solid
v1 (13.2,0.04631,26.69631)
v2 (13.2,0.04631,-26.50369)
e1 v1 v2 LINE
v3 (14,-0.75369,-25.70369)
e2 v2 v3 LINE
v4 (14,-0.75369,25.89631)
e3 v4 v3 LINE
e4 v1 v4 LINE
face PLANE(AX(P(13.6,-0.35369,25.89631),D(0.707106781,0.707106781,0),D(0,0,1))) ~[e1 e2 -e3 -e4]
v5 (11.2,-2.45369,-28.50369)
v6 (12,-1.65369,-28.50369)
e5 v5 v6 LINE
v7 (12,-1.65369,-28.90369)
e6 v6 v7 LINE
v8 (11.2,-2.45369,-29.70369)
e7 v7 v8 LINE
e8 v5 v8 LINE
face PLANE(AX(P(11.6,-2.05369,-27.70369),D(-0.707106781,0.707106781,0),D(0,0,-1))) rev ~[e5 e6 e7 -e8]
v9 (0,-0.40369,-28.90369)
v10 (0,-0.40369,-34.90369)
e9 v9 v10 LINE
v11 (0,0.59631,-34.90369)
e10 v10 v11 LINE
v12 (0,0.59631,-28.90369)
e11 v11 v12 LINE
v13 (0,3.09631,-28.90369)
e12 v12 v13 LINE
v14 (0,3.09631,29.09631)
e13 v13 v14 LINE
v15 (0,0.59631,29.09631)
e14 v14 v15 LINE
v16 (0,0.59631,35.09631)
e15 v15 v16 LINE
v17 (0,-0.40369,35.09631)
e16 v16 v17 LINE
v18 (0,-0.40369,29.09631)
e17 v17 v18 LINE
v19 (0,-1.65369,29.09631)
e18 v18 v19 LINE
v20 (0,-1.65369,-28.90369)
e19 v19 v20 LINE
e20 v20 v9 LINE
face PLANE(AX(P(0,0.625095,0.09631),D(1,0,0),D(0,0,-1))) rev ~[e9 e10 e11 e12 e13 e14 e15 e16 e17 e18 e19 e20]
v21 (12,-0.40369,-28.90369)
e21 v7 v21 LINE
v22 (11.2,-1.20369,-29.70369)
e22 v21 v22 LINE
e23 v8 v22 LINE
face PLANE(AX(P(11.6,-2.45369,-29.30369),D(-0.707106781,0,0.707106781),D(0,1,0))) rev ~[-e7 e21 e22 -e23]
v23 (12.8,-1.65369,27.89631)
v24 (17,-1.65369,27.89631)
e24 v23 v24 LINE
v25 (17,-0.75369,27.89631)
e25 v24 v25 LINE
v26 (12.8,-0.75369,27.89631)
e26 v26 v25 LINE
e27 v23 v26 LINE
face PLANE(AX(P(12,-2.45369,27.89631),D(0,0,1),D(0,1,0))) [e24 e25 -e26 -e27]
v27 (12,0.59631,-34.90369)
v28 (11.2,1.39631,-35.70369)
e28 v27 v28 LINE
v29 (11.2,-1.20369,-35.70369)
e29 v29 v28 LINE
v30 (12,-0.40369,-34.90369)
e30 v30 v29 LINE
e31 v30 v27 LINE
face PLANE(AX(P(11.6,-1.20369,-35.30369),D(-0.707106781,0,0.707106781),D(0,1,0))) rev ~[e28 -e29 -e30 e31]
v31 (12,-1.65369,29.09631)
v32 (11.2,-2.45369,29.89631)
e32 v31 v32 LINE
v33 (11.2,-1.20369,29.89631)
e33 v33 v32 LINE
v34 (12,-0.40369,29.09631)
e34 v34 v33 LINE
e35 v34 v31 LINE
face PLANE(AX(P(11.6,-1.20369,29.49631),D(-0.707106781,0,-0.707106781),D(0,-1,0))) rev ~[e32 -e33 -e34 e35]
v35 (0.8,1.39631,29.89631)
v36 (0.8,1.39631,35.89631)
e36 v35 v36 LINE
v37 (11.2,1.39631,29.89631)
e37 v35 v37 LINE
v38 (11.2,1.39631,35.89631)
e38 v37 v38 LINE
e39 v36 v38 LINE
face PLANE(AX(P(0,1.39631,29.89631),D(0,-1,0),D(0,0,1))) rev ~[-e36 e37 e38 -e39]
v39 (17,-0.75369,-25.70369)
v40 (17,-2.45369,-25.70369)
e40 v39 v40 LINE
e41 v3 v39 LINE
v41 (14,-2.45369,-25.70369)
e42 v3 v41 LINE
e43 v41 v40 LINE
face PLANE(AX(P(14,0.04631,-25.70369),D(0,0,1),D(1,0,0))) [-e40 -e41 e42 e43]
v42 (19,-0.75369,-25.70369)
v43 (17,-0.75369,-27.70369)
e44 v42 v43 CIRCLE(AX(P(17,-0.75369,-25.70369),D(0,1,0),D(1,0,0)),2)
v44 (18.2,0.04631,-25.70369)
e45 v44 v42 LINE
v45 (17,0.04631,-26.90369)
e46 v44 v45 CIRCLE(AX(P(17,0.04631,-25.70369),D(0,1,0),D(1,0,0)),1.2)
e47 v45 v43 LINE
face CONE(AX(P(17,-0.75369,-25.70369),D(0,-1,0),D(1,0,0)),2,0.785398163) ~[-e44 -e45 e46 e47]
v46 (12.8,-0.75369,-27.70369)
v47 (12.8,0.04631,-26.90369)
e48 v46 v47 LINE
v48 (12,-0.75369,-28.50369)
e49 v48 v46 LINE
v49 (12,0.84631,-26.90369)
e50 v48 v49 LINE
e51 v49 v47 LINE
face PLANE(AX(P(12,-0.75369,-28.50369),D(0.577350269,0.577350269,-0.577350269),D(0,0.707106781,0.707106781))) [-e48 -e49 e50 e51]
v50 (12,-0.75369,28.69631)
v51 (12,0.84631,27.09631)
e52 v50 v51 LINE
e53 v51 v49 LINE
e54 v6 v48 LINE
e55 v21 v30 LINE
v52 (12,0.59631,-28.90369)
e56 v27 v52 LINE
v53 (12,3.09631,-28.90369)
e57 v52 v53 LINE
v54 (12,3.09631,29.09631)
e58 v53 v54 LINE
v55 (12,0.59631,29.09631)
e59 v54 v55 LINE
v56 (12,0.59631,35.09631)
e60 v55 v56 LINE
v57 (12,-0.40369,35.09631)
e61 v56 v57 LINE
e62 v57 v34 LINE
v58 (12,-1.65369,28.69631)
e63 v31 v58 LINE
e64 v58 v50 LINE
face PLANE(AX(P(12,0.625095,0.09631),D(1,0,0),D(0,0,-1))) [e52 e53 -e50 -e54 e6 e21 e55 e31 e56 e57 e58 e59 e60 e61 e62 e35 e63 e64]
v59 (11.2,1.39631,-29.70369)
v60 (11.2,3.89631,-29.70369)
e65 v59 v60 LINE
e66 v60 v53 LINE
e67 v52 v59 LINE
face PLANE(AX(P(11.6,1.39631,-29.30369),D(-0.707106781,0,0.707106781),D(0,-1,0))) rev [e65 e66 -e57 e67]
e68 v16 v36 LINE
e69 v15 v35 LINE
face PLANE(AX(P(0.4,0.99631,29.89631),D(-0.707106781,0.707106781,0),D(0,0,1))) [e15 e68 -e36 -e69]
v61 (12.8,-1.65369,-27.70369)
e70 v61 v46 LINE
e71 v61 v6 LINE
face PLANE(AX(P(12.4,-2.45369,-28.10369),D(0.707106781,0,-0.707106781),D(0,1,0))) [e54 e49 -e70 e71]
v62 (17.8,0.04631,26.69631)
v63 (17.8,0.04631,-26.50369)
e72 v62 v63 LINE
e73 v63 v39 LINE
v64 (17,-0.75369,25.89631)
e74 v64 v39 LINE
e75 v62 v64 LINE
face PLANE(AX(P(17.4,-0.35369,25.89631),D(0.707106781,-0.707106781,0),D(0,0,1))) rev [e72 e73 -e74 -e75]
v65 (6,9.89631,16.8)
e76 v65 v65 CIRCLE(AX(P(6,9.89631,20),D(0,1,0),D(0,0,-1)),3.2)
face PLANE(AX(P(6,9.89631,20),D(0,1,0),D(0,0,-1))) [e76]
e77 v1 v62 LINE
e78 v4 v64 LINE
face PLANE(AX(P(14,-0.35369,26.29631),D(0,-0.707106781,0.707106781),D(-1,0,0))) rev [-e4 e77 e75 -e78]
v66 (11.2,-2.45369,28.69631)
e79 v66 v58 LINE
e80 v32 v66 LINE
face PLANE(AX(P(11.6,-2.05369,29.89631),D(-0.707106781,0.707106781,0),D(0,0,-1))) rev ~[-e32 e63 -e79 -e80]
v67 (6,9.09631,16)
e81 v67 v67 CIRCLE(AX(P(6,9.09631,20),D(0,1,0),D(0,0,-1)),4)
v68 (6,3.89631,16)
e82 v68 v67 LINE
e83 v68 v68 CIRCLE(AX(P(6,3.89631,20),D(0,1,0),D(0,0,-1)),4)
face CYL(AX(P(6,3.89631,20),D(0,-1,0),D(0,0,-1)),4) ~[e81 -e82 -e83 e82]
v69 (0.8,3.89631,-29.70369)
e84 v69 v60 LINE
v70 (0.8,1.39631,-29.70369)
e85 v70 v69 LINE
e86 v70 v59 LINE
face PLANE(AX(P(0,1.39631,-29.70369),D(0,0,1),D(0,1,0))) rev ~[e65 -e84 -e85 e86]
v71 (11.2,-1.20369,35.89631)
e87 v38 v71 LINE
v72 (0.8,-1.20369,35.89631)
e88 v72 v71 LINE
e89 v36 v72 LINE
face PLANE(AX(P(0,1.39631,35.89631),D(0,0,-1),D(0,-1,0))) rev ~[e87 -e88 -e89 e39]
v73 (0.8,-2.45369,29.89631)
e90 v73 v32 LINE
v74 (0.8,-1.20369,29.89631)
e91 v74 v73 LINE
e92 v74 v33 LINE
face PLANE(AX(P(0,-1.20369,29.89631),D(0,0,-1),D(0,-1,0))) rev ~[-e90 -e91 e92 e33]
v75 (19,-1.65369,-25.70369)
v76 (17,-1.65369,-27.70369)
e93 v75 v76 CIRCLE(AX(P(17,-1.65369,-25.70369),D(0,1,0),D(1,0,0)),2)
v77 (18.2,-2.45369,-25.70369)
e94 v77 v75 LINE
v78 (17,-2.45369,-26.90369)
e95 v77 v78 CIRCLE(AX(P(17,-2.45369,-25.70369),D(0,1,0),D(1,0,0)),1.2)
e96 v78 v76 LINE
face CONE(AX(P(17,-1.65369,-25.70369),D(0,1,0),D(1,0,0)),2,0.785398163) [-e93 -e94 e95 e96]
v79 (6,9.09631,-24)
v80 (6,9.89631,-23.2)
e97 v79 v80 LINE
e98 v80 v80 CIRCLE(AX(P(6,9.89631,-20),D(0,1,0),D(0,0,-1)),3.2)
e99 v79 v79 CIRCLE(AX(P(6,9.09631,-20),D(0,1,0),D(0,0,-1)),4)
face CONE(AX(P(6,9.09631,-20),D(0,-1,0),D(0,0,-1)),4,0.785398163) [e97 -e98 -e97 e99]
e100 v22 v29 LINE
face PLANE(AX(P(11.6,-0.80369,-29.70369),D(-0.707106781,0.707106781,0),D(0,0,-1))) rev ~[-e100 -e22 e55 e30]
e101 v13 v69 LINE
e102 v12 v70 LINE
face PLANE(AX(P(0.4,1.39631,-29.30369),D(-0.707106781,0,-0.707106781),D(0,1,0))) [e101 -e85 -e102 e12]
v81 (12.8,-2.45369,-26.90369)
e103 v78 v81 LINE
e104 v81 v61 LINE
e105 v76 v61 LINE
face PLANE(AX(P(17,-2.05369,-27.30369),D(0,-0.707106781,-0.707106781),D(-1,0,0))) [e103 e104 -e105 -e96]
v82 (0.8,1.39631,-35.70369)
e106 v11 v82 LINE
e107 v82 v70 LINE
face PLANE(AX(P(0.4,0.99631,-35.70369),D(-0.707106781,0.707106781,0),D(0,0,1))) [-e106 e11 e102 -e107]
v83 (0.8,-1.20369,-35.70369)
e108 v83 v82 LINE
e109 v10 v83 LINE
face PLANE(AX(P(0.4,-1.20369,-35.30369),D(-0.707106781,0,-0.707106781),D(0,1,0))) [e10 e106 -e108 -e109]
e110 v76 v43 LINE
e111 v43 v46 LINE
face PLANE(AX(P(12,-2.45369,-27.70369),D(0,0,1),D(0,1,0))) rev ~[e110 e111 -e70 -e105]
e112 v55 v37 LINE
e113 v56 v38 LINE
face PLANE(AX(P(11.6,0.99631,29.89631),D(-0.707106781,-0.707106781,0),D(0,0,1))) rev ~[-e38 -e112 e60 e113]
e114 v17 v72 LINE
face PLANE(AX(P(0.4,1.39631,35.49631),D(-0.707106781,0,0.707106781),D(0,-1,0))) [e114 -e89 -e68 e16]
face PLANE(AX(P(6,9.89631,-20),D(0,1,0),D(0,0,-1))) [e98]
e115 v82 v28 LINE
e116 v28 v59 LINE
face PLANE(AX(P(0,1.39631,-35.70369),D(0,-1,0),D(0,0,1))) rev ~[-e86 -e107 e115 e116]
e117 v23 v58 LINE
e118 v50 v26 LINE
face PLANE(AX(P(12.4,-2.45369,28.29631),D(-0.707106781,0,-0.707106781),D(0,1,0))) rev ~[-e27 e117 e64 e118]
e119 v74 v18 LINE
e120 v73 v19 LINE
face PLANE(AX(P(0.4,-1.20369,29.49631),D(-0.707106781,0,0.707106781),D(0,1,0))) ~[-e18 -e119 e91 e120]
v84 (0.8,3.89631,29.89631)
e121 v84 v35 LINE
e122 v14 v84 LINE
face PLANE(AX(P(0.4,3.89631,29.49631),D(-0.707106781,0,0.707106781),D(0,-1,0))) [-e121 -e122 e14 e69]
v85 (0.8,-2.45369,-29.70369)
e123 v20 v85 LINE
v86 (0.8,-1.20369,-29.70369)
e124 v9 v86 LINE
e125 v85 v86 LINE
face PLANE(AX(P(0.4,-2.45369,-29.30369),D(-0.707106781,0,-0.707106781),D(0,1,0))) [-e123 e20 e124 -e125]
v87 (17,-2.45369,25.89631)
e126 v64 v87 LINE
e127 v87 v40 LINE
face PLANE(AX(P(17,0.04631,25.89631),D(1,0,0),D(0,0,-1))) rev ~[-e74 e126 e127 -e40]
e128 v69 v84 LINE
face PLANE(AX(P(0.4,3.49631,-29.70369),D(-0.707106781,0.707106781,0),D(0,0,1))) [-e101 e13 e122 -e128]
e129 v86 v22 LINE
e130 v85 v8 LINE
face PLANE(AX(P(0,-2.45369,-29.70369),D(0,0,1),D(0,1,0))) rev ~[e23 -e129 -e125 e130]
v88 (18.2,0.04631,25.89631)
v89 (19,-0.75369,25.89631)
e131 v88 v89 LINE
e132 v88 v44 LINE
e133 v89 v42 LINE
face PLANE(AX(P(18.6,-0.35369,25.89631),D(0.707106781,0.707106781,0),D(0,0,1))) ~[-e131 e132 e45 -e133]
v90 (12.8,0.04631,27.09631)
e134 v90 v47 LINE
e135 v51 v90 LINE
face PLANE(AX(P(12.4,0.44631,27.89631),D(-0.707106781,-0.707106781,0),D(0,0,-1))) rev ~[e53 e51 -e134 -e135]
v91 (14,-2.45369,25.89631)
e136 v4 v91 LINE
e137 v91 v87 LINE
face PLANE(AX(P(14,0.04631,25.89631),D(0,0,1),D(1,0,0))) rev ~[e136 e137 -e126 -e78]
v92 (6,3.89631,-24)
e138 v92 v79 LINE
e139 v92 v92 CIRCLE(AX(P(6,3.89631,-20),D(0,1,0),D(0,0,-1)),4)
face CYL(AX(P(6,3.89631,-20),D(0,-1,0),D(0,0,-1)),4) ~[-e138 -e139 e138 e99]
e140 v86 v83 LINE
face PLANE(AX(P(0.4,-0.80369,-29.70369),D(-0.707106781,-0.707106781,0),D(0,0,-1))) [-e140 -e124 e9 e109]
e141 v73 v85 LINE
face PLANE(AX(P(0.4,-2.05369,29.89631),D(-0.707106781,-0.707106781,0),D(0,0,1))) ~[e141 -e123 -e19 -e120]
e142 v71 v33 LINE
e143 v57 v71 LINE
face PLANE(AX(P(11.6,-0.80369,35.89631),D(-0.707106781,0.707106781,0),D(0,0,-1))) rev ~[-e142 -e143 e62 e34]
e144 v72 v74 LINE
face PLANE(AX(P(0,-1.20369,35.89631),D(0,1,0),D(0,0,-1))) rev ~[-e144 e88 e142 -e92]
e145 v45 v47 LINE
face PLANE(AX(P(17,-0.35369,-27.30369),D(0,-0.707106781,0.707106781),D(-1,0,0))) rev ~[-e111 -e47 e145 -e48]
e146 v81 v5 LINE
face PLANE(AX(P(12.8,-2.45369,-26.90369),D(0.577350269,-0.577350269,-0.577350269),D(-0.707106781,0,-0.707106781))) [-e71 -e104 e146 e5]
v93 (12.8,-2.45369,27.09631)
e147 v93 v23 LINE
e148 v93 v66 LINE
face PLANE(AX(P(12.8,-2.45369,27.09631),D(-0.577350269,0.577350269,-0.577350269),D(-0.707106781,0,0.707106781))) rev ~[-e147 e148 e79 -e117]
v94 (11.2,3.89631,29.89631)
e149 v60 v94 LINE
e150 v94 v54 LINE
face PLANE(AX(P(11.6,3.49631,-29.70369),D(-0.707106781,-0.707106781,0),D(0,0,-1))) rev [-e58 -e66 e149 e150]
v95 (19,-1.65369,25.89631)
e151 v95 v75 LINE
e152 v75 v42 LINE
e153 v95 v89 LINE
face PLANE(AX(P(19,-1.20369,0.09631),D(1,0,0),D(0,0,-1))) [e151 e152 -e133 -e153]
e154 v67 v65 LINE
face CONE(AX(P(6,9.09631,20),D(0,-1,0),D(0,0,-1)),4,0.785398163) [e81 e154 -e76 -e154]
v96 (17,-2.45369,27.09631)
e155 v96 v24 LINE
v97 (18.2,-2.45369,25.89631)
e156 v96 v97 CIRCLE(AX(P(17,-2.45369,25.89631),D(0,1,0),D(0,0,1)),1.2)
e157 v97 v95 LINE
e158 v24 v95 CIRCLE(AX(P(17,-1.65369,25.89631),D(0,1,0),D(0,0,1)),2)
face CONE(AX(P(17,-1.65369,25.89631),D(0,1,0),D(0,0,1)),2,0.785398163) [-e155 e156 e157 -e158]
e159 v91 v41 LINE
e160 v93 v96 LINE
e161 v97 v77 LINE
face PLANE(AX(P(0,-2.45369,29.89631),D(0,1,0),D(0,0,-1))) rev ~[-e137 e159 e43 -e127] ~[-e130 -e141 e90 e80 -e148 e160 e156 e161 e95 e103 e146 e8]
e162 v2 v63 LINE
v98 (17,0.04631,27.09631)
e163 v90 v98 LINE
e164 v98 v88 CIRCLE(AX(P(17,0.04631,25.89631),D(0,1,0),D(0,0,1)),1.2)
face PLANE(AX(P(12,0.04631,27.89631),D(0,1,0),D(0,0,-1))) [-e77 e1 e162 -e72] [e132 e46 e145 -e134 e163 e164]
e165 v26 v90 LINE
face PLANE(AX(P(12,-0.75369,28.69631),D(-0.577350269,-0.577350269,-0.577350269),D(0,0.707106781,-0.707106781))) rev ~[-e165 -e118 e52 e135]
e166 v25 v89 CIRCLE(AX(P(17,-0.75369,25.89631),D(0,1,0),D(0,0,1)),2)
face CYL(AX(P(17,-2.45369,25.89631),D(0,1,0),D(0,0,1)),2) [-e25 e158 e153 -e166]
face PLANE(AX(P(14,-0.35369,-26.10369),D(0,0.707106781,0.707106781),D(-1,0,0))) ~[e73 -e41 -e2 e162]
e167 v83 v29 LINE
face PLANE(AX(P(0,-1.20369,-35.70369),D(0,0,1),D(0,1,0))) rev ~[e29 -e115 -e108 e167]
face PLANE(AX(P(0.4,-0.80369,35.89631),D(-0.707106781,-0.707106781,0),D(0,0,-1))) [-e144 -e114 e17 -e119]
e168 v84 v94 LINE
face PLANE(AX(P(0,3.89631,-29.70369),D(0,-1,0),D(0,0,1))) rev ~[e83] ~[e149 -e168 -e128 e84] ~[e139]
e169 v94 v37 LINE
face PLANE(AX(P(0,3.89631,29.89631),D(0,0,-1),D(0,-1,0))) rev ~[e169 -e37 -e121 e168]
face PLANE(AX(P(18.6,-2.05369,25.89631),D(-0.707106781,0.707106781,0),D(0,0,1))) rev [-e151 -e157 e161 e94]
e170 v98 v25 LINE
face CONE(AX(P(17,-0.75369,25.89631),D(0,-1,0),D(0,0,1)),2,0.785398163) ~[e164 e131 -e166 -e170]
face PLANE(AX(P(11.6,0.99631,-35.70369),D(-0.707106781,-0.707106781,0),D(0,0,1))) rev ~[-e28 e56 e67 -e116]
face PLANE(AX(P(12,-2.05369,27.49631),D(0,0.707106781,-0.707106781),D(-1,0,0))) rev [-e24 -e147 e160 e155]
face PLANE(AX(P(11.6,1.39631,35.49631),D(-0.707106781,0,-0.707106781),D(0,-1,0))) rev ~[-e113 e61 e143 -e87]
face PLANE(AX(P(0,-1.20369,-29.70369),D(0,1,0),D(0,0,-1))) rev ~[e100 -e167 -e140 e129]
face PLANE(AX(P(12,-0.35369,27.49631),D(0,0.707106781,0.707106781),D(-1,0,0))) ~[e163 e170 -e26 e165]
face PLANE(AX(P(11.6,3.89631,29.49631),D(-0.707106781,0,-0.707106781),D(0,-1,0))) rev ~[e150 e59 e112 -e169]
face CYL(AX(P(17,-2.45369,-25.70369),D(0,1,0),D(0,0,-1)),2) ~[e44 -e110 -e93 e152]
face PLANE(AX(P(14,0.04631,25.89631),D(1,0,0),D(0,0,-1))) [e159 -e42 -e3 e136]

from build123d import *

# Parameters (mm, degrees)
BOSS_EXTRUDE1_DEPTH = 12
SKETCH2_R           = 4
BOSS_EXTRUDE2_DEPTH = 6
SKETCH3_W           = 55.6
SKETCH3_H           = 2.5
BOSS_EXTRUDE3_DEPTH = 7
SKETCH5_W           = 3
SKETCH5_H           = 51.6
CUT_EXTRUDE1_DEPTH  = 42.791956142
FILLET3_R           = 2
CHAMFER1_SIZE       = 0.8
CHAMFER2_SIZE       = 0.8
CHAMFER3_SIZE       = 0.8


with BuildPart() as part:
    # Sketch1 → Boss-Extrude1 (new body)
    with BuildSketch(Plane(origin=(0, 0, 0), x_dir=(0, 0, -1), z_dir=(1, 0, 0))):
        Polygon((-29.89631037, 3.89631037), (-29.89631037, 1.39631037), (-35.89631037, 1.39631037), (-35.89631037, -1.20368963), (-29.89631037, -1.20368963), (-29.89631037, -2.45368963), (29.70368963, -2.45368963), (29.70368963, -1.20368963), (35.70368963, -1.20368963), (35.70368963, 1.39631037), (29.70368963, 1.39631037), (29.70368963, 3.89631037), align=None)
    extrude(amount=BOSS_EXTRUDE1_DEPTH)

    # Sketch2 → Boss-Extrude2 (add)
    with BuildSketch(Plane(origin=(0, 3.89631037, 0), x_dir=(1, 0, 0), z_dir=(0, 1, 0))):
        with Locations(Location((6, -20, 0), (0, 0, 90))):
            Circle(SKETCH2_R)
        with Locations(Location((6, 20, 0), (0, 0, 90))):
            Circle(SKETCH2_R)
    extrude(amount=BOSS_EXTRUDE2_DEPTH)

    # Sketch3 → Boss-Extrude3 (add)
    with BuildSketch(Plane(origin=(12, 0, 0), x_dir=(0, 0, -1), z_dir=(1, 0, 0))):
        with Locations((-0.09631037, -1.20368963)):
            Rectangle(SKETCH3_W, SKETCH3_H)
    extrude(amount=BOSS_EXTRUDE3_DEPTH)

    # Sketch5 → Cut-Extrude1 (cut, through all)
    with BuildSketch(Plane(origin=(0, 0.04631037, 0), x_dir=(1, 0, 0), z_dir=(0, 1, 0))):
        with Locations((15.5, -0.09631037)):
            Rectangle(SKETCH5_W, SKETCH5_H)
    extrude(amount=-CUT_EXTRUDE1_DEPTH, mode=Mode.SUBTRACT)

    # Fillet3
    fillet3_edges = [part.edges().sort_by_distance(p)[0] for p in [
        (19, -1.20368963, 27.89631037),
        (19, -1.20368963, -27.70368963),
    ]]
    fillet(fillet3_edges, radius=FILLET3_R)

    # Chamfer1
    chamfer1_edges = [part.edges().sort_by_distance(p)[0] for p in [
        (0, 2.64631037, -29.70368963),
        (0, 1.39631037, -32.70368963),
        (0, 0.09631037, -35.70368963),
        (0, -1.20368963, -32.70368963),
        (0, -1.82868963, -29.70368963),
        (0, -2.45368963, 0.09631037),
        (0, -1.82868963, 29.89631037),
        (0, -1.20368963, 32.89631037),
        (0, 0.09631037, 35.89631037),
        (0, 1.39631037, 32.89631037),
        (0, 2.64631037, 29.89631037),
        (0, 3.89631037, 0.09631037),
    ]]
    chamfer(chamfer1_edges, length=CHAMFER1_SIZE)

    # Chamfer2
    chamfer2_edges = [part.edges().sort_by_distance(p)[0] for p in [
        (6, 9.89631037, 24),
        (6, 9.89631037, -16),
    ]]
    chamfer(chamfer2_edges, length=CHAMFER2_SIZE)

    # Chamfer3
    chamfer3_edges = [part.edges().sort_by_distance(p)[0] for p in [
        (12, 1.39631037, 32.89631037),
        (12, 0.09631037, 35.89631037),
        (12, -1.20368963, 32.89631037),
        (12, -1.82868963, 29.89631037),
        (12, -2.45368963, 28.89631037),
        (12, -1.82868963, -29.70368963),
        (12, -1.20368963, -32.70368963),
        (12, 0.09631037, -35.70368963),
        (12, 1.39631037, -32.70368963),
        (12, -2.45368963, -28.70368963),
        (12, -1.20368963, 27.89631037),
        (12, -1.20368963, -27.70368963),
        (12, 2.64631037, -29.70368963),
        (12, 0.04631037, 0.09631037),
        (12, 3.89631037, 0.09631037),
        (15.5, 0.04631037, -25.70368963),
        (14, 0.04631037, 0.09631037),
        (15.5, 0.04631037, 25.89631037),
        (17, 0.04631037, 0.09631037),
        (19, -2.45368963, 0.09631037),
        (19, 0.04631037, 0.09631037),
        (14.5, 0.04631037, 27.89631037),
        (14.5, 0.04631037, -27.70368963),
        (18.414213562, 0.04631037, 27.310523932),
        (18.414213562, 0.04631037, -27.117903192),
        (14.5, -2.45368963, -27.70368963),
        (14.5, -2.45368963, 27.89631037),
        (18.414213562, -2.45368963, 27.310523932),
        (18.414213562, -2.45368963, -27.117903192),
        (12, 2.64631037, 29.89631037),
    ]]
    chamfer(chamfer3_edges, length=CHAMFER3_SIZE)


solid = part.part
